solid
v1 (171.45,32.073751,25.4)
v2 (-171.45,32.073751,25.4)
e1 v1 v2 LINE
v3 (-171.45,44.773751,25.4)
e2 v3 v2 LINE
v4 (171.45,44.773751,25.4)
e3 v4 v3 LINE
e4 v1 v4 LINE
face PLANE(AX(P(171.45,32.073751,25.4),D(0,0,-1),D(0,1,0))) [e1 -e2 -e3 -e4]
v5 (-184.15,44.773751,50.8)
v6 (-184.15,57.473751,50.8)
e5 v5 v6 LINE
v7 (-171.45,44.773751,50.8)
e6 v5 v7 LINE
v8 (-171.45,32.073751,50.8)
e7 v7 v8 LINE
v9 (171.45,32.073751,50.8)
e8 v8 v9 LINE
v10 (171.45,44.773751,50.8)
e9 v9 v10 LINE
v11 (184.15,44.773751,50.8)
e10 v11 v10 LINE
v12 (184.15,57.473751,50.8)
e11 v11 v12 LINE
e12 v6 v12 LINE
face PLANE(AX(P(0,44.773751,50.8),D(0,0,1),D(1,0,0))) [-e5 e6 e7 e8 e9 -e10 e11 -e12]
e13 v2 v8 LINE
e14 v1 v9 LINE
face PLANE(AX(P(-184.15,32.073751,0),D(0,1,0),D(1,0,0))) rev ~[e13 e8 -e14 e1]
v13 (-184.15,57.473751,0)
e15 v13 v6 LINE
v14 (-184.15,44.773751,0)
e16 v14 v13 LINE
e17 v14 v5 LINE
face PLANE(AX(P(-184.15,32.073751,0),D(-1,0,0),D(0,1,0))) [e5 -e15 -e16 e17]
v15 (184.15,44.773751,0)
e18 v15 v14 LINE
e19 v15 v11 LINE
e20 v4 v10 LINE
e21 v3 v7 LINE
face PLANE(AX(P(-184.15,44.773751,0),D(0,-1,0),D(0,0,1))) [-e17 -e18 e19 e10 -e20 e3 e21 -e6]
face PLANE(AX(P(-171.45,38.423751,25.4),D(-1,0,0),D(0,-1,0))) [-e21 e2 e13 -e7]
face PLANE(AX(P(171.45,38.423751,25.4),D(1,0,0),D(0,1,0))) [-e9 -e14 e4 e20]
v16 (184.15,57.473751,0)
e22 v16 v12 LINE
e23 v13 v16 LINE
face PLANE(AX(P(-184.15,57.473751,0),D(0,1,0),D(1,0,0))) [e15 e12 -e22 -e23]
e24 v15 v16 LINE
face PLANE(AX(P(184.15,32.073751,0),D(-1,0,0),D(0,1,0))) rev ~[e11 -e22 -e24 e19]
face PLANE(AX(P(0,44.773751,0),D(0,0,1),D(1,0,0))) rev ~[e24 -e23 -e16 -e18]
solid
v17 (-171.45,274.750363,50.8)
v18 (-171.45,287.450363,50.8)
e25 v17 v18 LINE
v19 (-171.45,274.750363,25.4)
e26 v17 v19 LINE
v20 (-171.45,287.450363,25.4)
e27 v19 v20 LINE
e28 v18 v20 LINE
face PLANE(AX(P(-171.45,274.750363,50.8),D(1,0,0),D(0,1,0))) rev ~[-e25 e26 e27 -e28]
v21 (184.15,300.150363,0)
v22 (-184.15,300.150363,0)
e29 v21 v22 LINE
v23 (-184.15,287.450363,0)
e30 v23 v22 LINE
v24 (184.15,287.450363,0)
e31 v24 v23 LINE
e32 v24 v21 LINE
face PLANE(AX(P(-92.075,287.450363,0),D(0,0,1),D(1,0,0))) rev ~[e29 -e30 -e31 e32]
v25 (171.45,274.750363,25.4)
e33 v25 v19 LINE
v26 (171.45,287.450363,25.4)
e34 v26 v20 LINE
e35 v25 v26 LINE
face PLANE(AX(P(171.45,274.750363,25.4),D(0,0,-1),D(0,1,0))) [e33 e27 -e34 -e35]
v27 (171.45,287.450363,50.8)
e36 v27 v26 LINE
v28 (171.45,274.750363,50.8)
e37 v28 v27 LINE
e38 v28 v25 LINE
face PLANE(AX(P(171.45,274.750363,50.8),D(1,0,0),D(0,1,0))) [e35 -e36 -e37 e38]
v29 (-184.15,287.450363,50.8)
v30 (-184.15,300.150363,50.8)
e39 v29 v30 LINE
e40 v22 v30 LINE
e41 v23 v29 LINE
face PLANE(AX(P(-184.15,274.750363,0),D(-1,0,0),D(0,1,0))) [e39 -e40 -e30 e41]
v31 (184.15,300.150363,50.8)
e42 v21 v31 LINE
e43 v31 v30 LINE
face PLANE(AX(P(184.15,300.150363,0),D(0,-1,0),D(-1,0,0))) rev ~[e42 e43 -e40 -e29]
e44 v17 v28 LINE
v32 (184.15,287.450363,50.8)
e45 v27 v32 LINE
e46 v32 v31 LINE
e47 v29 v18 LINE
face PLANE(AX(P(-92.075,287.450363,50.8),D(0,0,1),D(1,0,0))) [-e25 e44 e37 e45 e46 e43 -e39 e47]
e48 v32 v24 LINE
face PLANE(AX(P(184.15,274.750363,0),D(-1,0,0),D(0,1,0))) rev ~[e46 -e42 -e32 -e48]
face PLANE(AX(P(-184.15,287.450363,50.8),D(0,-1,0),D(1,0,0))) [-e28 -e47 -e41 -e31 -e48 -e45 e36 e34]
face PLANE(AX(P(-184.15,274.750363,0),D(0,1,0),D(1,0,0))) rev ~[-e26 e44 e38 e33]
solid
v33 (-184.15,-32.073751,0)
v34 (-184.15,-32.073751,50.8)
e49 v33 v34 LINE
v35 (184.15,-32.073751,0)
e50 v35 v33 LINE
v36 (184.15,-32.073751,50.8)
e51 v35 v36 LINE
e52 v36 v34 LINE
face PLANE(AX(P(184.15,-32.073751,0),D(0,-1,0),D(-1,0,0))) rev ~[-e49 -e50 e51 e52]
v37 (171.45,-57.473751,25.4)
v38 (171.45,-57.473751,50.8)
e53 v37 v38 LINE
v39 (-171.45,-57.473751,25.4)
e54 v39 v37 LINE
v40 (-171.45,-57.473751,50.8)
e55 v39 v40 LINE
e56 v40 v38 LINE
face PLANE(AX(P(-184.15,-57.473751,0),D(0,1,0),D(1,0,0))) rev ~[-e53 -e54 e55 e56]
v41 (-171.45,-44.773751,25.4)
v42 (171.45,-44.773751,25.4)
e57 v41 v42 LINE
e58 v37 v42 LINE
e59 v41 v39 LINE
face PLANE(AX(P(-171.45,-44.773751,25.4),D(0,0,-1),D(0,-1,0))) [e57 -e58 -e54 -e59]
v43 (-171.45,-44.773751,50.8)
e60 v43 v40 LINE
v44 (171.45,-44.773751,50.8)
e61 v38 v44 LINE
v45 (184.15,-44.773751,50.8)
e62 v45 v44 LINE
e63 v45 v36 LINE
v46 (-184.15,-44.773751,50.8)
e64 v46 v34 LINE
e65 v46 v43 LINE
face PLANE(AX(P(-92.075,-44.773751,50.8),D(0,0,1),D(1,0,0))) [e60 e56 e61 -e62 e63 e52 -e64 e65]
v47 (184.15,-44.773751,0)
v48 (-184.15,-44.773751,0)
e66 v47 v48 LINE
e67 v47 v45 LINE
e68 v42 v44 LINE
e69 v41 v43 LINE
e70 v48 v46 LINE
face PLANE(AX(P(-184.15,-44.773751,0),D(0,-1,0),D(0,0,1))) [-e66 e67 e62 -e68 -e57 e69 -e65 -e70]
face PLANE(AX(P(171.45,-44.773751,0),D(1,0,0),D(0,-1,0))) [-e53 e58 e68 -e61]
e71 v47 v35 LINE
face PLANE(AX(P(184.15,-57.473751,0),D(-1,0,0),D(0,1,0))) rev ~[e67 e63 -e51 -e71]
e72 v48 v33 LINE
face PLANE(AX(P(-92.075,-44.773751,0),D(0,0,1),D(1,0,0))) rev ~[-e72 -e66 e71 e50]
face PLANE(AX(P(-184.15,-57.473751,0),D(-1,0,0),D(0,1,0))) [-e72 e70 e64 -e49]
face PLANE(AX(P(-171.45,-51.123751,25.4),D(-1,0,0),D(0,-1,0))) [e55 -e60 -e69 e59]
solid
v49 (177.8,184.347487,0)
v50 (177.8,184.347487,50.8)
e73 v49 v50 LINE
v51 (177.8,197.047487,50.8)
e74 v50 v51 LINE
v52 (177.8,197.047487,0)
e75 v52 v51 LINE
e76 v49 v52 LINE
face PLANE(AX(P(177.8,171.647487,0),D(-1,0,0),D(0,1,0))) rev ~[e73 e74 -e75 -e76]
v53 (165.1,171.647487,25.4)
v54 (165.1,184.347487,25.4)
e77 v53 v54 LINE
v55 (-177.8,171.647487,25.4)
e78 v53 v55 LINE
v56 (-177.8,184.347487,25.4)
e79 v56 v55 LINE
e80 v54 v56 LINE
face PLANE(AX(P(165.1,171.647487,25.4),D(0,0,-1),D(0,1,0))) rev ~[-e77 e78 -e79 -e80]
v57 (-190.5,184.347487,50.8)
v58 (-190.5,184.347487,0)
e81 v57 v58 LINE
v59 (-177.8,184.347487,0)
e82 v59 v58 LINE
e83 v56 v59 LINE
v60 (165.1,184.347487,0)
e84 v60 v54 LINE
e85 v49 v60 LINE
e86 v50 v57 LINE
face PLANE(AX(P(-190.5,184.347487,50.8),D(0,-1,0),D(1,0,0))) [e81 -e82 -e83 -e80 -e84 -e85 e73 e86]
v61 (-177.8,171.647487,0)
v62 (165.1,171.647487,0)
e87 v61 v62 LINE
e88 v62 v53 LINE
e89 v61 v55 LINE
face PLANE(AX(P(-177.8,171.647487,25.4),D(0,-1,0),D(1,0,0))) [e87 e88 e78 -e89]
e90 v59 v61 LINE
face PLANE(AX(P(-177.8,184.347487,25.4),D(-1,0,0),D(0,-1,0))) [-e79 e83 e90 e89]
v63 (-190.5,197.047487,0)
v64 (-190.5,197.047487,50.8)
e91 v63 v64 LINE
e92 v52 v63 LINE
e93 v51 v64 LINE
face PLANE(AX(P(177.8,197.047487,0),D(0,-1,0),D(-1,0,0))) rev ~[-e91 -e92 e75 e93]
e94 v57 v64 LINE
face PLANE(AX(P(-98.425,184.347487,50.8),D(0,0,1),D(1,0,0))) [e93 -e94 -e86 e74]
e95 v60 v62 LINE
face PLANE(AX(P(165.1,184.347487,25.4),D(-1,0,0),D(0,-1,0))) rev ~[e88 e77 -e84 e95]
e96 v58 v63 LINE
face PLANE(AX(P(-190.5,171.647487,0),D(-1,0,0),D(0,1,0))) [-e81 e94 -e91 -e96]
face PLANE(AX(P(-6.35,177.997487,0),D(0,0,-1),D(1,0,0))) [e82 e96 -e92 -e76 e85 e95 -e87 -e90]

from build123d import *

# Parameters (mm, degrees)
F0_W       = 368.3
F0_H       = 25.4
F0_W_2     = 184.15
F1_DEPTH   = 50.8
F2_W       = 12.7
F2_H       = 12.7
F3_DEPTH   = 61.214
F4_W       = 12.7
F4_H       = 12.7
F5_DEPTH   = 76.2
F6_W       = 12.7
F6_H       = 50.8
F7_DEPTH   = 12.7
F8_W       = 12.7
F8_H       = 50.8
F9_DEPTH   = 12.7
F10_DEPTH  = 50.8
F11_W      = 12.7
F11_H      = 50.8
F12_DEPTH  = 12.7
F13_W      = 12.7
F13_H      = 50.8
F14_DEPTH  = 12.7
F15_W      = 12.7
F15_H      = 12.7
F16_DEPTH  = 90.678
F17_W      = 12.7
F17_H      = 25.4
F18_DEPTH  = 431.8
F19_W      = 12.7
F19_H      = 25.4
F20_DEPTH  = 457.2
F21_W      = 12.7
F21_H      = 25.4
F22_DEPTH  = 457.2
F23_W      = 12.7
F23_H      = 25.4
F24_DEPTH  = 431.8
F22_FACE_W = 342.9
F22_FACE_H = 12.7
F26_DEPTH  = 25.4
F25_W      = 12.7
F25_H      = 25.4
F27_DEPTH  = 685.8


with BuildPart() as f1:
    # F0 (on Top) → F1 (new body)
    with BuildSketch(Plane.XY):
        with Locations((0, 44.773751)):
            Rectangle(F0_W, F0_H)
        with Locations((-92.075, -44.773751)):
            Rectangle(F0_W_2, F0_H)
        with Locations((92.075, -44.773751)):
            Rectangle(F0_W_2, F0_H)
        with Locations((-92.075, 287.450363)):
            Rectangle(F0_W_2, F0_H)
        with Locations((92.075, 287.450363)):
            Rectangle(F0_W_2, F0_H)
        with Locations((-98.425, 184.347487)):
            Rectangle(F0_W_2, F0_H)
        with Locations((85.725, 184.347487)):
            Rectangle(F0_W_2, F0_H)
    extrude(amount=F1_DEPTH)

    # F2 (on face) → F3 (cut)
    with BuildSketch(Plane.XY.offset(50.8)):
        with Locations((-177.8, 281.100363)):
            Rectangle(F2_W, F2_H)
    extrude(amount=-F3_DEPTH, mode=Mode.SUBTRACT)

    # F4 (on face) → F5 (cut)
    with BuildSketch(Plane.XY.offset(50.8)):
        with Locations((-184.15, 177.997487)):
            Rectangle(F4_W, F4_H)
    extrude(amount=-F5_DEPTH, mode=Mode.SUBTRACT)

    # F6 (on face) → F7 (cut)
    with BuildSketch(Plane(origin=(-184.15, 0, 0), x_dir=(0, -1, 0), z_dir=(-1, 0, 0))):
        with Locations((-38.423751, 25.4)):
            Rectangle(F6_W, F6_H)
    extrude(amount=-F7_DEPTH, mode=Mode.SUBTRACT)

    # F8 (on face) → F9 (cut)
    with BuildSketch(Plane(origin=(-184.15, 0, 0), x_dir=(0, -1, 0), z_dir=(-1, 0, 0))):
        with Locations((51.123751, 25.4)):
            Rectangle(F8_W, F8_H)
    extrude(amount=-F9_DEPTH, mode=Mode.SUBTRACT)

    # F2 (on face) → F10 (cut)
    with BuildSketch(Plane.XY.offset(50.8)):
        with Locations((-177.8, 281.100363)):
            Rectangle(F2_W, F2_H)
        with Locations((177.8, 281.100363)):
            Rectangle(F2_W, F2_H)
    extrude(amount=-F10_DEPTH, mode=Mode.SUBTRACT)

    # F11 (on face) → F12 (cut)
    with BuildSketch(Plane.YZ.offset(177.8)):
        with Locations((177.997487, 25.4)):
            Rectangle(F11_W, F11_H)
    extrude(amount=-F12_DEPTH, mode=Mode.SUBTRACT)

    # F13 (on face) → F14 (cut)
    with BuildSketch(Plane.YZ.offset(184.15)):
        with Locations((38.423751, 25.4)):
            Rectangle(F13_W, F13_H)
    extrude(amount=-F14_DEPTH, mode=Mode.SUBTRACT)

    # F15 (on face) → F16 (cut)
    with BuildSketch(Plane(origin=(0, 0, 0), x_dir=(1, 0, 0), z_dir=(0, 0, -1))):
        with Locations((177.8, 51.123751)):
            Rectangle(F15_W, F15_H)
    extrude(amount=-F16_DEPTH, mode=Mode.SUBTRACT)

    # F17 (on face) → F18 (cut)
    with BuildSketch(Plane(origin=(-171.45, 0, 0), x_dir=(0, -1, 0), z_dir=(-1, 0, 0))):
        with Locations((51.123751, 12.7)):
            Rectangle(F17_W, F17_H)
    extrude(amount=-F18_DEPTH, mode=Mode.SUBTRACT)

    # F19 (on face) → F20 (cut)
    with BuildSketch(Plane.YZ.offset(171.45)):
        with Locations((38.423751, 12.7)):
            Rectangle(F19_W, F19_H)
    extrude(amount=-F20_DEPTH, mode=Mode.SUBTRACT)

    # F21 (on face) → F22 (cut)
    with BuildSketch(Plane.YZ.offset(165.1)):
        with Locations((177.997487, 12.7)):
            Rectangle(F21_W, F21_H)
    extrude(amount=-F22_DEPTH, mode=Mode.SUBTRACT)

    # F23 (on face) → F24 (cut)
    with BuildSketch(Plane.YZ.offset(171.45)):
        with Locations((281.100363, 12.7)):
            Rectangle(F23_W, F23_H)
    extrude(amount=-F24_DEPTH, mode=Mode.SUBTRACT)

    # F22_face (on face) → F26 (join)
    with BuildSketch(Plane(origin=(-6.35, 177.997487, 25.4), x_dir=(1, 0, 0), z_dir=(0, 0, -1))):
        Rectangle(F22_FACE_W, F22_FACE_H)
    extrude(amount=F26_DEPTH)

    # F25 (on face) → F27 (cut)
    with BuildSketch(Plane.YZ.offset(165.1)):
        with Locations((177.997487, 38.1)):
            Rectangle(F25_W, F25_H)
    extrude(amount=-F27_DEPTH, mode=Mode.SUBTRACT)


solid = f1.part
